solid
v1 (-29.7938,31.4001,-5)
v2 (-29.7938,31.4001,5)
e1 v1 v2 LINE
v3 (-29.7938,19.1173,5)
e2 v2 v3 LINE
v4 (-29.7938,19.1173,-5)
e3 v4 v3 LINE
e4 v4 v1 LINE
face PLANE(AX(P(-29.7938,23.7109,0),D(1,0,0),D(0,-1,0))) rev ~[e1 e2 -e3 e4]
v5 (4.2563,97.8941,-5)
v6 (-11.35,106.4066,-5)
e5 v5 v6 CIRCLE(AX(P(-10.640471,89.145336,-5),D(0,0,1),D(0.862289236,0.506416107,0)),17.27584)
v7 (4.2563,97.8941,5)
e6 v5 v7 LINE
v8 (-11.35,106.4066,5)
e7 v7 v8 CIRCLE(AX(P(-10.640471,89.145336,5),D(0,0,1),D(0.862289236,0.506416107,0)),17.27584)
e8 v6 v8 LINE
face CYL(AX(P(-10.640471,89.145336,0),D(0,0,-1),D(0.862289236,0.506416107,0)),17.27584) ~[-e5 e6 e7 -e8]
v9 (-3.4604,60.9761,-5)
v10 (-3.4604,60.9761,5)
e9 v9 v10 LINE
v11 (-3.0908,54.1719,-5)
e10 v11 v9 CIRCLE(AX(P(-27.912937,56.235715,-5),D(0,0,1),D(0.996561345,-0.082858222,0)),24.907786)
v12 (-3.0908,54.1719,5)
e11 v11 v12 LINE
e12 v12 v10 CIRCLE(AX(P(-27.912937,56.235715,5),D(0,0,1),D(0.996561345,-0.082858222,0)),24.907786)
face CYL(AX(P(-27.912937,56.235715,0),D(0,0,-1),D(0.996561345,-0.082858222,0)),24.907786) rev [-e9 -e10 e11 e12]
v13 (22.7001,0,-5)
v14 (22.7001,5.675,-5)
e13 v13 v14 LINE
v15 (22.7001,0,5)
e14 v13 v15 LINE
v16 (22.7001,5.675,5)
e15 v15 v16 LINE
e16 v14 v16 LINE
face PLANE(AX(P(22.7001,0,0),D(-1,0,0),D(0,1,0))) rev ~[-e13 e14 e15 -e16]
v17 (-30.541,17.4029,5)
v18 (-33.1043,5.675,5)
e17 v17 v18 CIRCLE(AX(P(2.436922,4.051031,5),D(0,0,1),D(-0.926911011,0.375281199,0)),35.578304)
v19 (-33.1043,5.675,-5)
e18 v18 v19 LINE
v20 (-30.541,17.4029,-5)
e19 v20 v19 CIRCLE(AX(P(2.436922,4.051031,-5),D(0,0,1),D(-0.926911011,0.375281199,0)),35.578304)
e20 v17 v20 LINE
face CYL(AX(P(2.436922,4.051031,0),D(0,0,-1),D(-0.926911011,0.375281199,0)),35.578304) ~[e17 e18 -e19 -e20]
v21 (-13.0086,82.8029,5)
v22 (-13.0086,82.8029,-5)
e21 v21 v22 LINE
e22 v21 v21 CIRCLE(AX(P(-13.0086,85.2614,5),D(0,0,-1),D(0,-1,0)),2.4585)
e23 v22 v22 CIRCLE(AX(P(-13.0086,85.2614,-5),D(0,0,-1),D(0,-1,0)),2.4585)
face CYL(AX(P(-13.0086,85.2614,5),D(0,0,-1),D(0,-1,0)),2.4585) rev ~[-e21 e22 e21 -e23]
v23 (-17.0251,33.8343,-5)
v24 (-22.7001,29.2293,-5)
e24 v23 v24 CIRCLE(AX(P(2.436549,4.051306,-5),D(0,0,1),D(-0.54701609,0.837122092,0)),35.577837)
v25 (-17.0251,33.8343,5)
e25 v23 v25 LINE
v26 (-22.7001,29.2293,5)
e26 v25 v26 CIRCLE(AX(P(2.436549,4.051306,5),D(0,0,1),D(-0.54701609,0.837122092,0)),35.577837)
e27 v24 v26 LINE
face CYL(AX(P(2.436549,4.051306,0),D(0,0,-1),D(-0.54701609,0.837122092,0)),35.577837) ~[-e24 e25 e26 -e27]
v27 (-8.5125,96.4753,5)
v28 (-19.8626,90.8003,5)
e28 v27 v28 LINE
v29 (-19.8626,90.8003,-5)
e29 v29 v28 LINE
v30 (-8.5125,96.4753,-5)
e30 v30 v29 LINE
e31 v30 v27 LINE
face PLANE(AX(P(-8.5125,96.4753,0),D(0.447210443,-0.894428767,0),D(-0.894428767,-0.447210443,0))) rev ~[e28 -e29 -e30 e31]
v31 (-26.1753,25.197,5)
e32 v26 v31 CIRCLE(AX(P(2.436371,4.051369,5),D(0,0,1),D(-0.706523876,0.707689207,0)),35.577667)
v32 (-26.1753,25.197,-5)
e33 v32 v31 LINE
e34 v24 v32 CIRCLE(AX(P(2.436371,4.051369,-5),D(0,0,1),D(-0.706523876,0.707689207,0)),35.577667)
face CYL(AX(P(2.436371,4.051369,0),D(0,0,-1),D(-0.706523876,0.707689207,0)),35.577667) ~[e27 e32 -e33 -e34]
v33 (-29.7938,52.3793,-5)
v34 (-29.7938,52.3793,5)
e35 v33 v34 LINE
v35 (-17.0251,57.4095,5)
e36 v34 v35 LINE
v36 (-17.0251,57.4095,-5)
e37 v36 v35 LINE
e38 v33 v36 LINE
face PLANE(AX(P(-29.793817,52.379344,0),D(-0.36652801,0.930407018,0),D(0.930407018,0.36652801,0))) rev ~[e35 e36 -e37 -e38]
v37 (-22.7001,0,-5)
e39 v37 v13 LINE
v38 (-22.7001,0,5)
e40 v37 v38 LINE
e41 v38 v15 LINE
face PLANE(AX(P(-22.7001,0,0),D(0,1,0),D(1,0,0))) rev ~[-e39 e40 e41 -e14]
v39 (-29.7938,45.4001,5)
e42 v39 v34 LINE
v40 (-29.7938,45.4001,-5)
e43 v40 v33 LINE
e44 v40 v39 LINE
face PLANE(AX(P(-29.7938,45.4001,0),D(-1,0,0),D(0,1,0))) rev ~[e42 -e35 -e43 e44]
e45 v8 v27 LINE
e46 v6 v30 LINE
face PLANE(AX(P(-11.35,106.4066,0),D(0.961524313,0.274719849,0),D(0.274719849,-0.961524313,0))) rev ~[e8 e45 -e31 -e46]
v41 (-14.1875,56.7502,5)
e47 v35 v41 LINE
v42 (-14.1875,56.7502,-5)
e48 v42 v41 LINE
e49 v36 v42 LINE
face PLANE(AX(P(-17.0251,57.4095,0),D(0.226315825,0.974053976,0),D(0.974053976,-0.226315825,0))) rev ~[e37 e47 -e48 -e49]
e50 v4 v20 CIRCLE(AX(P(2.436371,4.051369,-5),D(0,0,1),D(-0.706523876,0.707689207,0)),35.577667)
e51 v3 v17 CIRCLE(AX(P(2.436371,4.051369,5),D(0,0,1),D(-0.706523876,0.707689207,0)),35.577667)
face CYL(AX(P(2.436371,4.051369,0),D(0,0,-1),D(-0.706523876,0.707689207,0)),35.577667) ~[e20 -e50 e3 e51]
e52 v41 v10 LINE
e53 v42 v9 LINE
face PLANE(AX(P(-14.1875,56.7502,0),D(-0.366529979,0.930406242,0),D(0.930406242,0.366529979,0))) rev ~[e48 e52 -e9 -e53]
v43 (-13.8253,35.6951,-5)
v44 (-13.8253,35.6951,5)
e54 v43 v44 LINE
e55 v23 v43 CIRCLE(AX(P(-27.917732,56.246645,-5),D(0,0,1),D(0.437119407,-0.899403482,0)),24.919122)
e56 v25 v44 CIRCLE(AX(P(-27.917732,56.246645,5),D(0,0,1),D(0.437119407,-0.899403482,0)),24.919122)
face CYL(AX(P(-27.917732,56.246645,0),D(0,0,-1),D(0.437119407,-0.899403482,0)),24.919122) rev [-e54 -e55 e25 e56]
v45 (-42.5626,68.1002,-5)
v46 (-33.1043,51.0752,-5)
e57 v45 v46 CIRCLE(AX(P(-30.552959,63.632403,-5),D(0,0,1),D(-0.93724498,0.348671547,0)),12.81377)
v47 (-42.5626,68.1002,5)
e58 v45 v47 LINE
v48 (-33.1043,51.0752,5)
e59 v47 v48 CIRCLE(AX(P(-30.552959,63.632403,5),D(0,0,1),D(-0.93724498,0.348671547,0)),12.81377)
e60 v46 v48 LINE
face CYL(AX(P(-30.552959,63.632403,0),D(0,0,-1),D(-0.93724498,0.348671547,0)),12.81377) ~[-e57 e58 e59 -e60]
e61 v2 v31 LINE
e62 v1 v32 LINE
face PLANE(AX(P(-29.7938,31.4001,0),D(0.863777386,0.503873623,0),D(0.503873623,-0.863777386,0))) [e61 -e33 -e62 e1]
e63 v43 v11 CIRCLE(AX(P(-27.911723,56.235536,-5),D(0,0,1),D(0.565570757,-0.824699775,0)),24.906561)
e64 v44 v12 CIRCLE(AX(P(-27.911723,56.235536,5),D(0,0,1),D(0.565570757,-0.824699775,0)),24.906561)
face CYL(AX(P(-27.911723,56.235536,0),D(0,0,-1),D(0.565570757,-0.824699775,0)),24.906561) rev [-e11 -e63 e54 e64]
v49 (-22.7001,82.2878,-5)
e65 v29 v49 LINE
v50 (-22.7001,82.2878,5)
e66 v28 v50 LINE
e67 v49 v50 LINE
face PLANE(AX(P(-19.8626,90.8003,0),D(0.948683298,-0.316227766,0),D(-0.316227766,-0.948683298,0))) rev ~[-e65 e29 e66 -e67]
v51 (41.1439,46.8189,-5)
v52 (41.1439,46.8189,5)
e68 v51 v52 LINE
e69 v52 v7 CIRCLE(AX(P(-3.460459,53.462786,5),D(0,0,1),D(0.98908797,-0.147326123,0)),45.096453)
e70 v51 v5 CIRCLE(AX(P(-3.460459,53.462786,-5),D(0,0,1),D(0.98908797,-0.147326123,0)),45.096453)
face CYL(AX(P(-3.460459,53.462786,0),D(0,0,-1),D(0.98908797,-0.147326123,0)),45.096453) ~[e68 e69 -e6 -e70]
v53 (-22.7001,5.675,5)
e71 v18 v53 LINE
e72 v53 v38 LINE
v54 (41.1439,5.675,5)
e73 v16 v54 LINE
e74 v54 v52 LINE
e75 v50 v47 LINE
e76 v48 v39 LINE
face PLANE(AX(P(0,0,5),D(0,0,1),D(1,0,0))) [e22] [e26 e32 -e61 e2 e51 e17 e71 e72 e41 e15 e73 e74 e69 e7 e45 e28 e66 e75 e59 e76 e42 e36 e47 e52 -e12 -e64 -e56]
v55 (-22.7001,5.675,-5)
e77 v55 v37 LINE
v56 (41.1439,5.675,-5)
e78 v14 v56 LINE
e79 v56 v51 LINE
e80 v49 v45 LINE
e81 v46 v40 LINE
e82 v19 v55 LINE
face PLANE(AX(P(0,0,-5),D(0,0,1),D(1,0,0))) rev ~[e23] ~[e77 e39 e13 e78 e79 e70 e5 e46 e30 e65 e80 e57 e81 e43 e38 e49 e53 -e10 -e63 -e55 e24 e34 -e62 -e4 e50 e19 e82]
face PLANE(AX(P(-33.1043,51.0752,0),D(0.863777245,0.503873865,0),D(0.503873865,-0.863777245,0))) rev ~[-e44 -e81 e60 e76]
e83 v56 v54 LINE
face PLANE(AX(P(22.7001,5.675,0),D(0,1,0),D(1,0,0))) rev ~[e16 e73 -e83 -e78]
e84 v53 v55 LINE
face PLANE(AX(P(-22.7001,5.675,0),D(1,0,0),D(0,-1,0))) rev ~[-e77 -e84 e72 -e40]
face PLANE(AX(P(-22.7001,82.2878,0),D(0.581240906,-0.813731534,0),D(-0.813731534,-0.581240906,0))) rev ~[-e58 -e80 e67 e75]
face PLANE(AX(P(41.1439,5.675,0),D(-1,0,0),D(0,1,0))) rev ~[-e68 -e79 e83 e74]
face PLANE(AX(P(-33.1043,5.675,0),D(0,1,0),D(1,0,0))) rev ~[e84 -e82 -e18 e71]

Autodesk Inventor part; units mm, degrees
ref_plane "YZ Plane" through (0, 0, 0) normal (1, 0, 0) x (0, 1, 0)
ref_plane "XZ Plane" through (0, 0, 0) normal (0, 1, 0) x (-1, 0, 0)
ref_plane "XY Plane" through (0, 0, 0) normal (0, 0, 1) x (1, 0, 0)
sketch "Boceto1" plane through (0, 0, 0) normal (0, 0, 1) x (1, 0, 0)
  line L0 (-99.9787, 124.5276) -> (102.7005, 124.5276) construction
  line L1 (102.7005, 124.5276) -> (102.7005, -74.7737) construction
  line L2 (102.7005, -74.7737) -> (-99.9787, -74.7737) construction
  line L3 (-99.9787, -74.7737) -> (-99.9787, 124.5276) construction
  line L4 (-22.7001, 0) -> (22.7001, 0)
  line L5 (22.7001, 0) -> (22.7001, 5.675)
  line L6 (22.7001, 5.675) -> (41.1439, 5.675)
  line L7 (41.1439, 5.675) -> (41.1439, 46.8189)
  arc A0 (41.1439, 46.8189) -> (4.2563, 97.8941) centre (-3.4604, 53.4628) ccw
  arc A1 (4.2563, 97.8941) -> (-11.35, 106.4066) centre (-10.6407, 89.1451) ccw
  line L8 (-11.35, 106.4066) -> (-8.5125, 96.4753)
  line L9 (-8.5125, 96.4753) -> (-19.8626, 90.8003)
  line L10 (-19.8626, 90.8003) -> (-22.7001, 82.2878)
  line L11 (-22.7001, 82.2878) -> (-42.5626, 68.1002)
  arc A2 (-42.5626, 68.1002) -> (-33.1043, 51.0752) centre (-30.553, 63.6324) ccw
  line L12 (-33.1043, 51.0752) -> (-17.0251, 57.4095)
  line L13 (-17.0251, 57.4095) -> (-14.1875, 56.7502)
  line L14 (-14.1875, 56.7502) -> (-3.4604, 60.9761)
  arc A3 (-17.0251, 33.8343) -> (-13.8253, 35.6951) centre (-27.9119, 56.2357) ccw
  arc A4 (-17.0251, 33.8343) -> (-22.7001, 29.2293) centre (2.4367, 4.0511) ccw
  line L15 (-33.1043, 5.675) -> (-22.7001, 5.675)
  line L16 (-22.7001, 5.675) -> (-22.7001, 0)
  arc A5 (-22.7001, 29.2293) -> (-30.541, 17.4029) centre (2.4367, 4.0511) ccw
  arc A6 (-30.541, 17.4029) -> (-33.1043, 5.675) centre (2.4367, 4.0511) ccw
  arc A7 (-13.8253, 35.6951) -> (-3.0908, 54.1719) centre (-27.9119, 56.2357) ccw
  arc A8 (-3.0908, 54.1719) -> (-3.4604, 60.9761) centre (-27.9119, 56.2357) ccw
  line L17 (-33.1043, 51.0752) -> (-29.7938, 45.4001)
  line L18 (-29.7938, 45.4001) -> (-29.7938, 52.3793)
  line L19 (-29.7938, 23.7109) -> (-29.7938, 31.4001)
  line L20 (-29.7938, 31.4001) -> (-26.1753, 25.197)
  line L21 (-29.7938, 23.7109) -> (-29.7938, 19.1173)
  point P0 (0, 0)
  dimension "d9" = 14
extrude "Extrusión1" add sketch "Boceto1" along normal mid plane 10
sketch "Boceto3" plane through (0, 0, 5) normal (0, 0, 1) x (1, 0, 0)
  point P0 (0, 0)
  point P1 (-13.0086, 85.2614)
hole "Agujero2" at (-13.0086, 85.2614, 5) direction (0, 0, -1) diameter 4.917 end through all thread size "M6x1" class "6H" standard "ISO Metric profile"
properties part number "KIGTH TOP ABREBOTELLA 1.2"
